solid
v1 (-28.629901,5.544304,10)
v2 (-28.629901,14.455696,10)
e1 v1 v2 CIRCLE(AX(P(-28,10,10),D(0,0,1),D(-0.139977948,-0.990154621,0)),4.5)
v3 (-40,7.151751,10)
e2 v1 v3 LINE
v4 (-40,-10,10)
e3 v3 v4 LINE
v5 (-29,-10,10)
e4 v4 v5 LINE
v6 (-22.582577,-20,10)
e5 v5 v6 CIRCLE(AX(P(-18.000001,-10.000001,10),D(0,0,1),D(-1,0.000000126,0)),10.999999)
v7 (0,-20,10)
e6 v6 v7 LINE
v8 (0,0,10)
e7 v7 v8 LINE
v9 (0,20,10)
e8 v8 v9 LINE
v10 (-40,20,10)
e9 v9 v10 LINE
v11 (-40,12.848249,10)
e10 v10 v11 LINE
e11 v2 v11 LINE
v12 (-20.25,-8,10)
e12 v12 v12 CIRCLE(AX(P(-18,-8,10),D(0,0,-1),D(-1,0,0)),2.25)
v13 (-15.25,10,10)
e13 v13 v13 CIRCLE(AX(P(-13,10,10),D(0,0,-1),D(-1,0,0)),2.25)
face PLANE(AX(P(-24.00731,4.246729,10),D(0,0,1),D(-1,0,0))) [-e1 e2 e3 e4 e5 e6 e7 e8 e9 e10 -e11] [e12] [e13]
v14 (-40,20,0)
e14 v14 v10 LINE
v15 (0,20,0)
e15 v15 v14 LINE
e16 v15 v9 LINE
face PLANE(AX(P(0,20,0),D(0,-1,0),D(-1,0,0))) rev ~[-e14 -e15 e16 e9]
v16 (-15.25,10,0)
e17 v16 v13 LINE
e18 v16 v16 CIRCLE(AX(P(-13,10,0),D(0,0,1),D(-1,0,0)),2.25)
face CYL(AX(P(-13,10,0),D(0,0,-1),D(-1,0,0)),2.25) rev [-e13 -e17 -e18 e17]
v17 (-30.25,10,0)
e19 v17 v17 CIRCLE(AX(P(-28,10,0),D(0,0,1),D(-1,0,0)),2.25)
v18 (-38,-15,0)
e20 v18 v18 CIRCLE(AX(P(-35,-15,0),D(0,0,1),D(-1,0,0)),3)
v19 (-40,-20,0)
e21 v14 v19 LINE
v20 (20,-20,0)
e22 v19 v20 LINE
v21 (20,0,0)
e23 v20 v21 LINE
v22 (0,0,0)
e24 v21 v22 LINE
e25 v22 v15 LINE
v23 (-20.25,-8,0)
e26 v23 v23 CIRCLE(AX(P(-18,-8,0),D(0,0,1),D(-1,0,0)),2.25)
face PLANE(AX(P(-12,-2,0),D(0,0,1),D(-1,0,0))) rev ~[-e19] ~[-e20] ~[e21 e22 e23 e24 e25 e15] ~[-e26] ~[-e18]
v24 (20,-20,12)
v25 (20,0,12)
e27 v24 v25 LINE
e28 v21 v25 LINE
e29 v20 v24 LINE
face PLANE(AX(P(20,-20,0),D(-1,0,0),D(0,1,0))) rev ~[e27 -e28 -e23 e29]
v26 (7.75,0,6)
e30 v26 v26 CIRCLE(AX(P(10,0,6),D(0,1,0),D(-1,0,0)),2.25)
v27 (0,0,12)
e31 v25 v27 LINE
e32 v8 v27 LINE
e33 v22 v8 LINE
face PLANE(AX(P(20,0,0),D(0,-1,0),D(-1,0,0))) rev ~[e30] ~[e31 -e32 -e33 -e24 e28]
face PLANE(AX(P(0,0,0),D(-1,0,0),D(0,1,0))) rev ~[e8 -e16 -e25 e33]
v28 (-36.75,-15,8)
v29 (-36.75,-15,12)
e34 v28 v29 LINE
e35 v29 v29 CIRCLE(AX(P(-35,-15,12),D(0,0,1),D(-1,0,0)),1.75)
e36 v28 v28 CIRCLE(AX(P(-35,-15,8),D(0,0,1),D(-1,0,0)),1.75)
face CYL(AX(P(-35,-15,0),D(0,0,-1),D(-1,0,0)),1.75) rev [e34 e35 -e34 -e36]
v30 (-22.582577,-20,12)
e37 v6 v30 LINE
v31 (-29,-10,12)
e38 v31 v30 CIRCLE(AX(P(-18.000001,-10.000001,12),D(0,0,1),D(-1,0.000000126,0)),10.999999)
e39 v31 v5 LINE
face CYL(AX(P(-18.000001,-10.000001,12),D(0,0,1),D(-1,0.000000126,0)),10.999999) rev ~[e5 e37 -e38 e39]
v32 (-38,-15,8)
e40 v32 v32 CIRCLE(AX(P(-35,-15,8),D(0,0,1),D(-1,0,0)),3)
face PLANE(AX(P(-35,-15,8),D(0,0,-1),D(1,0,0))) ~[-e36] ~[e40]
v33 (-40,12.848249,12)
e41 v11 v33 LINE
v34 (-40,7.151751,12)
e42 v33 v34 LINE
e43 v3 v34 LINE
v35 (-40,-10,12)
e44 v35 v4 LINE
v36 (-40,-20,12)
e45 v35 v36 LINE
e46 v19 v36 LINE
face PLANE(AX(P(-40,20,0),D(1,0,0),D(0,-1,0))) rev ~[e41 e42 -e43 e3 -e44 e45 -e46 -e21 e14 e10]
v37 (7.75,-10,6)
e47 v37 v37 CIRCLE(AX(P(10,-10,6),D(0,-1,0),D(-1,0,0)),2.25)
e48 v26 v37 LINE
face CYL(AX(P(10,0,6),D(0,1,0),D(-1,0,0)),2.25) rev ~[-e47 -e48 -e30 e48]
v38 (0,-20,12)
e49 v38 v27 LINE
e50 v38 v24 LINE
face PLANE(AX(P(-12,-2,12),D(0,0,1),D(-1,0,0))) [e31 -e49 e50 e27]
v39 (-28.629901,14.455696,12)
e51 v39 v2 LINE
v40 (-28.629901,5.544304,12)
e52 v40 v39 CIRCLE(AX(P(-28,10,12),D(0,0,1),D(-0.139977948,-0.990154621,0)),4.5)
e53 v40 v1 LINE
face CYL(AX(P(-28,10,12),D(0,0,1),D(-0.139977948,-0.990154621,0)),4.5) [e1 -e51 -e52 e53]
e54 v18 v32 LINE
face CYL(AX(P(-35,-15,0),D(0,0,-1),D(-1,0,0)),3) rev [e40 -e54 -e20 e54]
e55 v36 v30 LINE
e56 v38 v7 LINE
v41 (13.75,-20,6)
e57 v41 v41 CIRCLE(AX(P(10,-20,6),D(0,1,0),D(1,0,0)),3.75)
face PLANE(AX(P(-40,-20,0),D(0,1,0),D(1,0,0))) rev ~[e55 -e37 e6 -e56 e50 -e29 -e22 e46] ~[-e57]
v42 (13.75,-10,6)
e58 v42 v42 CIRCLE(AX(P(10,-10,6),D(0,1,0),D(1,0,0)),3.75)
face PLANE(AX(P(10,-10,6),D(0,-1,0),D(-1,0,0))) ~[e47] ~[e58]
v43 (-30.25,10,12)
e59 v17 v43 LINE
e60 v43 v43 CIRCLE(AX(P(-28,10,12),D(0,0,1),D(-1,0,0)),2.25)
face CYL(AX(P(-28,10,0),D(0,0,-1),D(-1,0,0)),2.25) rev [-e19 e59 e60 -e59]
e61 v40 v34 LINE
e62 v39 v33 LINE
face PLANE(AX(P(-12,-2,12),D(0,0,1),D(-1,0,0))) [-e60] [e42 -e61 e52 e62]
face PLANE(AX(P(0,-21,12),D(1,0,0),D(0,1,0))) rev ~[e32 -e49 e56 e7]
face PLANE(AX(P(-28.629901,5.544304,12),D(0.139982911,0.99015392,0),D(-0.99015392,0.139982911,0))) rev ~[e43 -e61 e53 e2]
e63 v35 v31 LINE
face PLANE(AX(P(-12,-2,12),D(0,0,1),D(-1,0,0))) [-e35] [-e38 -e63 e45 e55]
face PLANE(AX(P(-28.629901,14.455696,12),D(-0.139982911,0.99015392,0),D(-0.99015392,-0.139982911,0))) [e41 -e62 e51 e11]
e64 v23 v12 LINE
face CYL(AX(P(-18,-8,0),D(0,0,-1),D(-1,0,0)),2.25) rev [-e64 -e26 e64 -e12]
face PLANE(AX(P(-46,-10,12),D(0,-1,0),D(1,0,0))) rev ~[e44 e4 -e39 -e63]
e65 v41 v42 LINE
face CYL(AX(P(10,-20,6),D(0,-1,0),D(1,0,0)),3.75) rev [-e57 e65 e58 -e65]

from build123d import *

# Parameters (mm, degrees)
SKETCH_R                       = 2.25
SKETCH_R_2                     = 1.75
PAD_DEPTH                      = 12
POCKET_DEPTH                   = 2
SKETCH002_R                    = 2.25
POCKET002_DEPTH                = 20.001
PART_MIRRORING_PLACEMENT_ANGLE = 180
SKETCH003_R                    = 3
POCKET003_DEPTH                = 8
SKETCH004_R                    = 3.75
POCKET004_DEPTH                = 10


with BuildPart() as pocket002:
    # Sketch → Pad (new body)
    with BuildSketch(Plane.XY):
        Polygon((0, -20), (40, -20), (40, 20), (-20, 20), (-20, 0), (0, 0), align=None)
        with Locations((18, 8)):
            Circle(SKETCH_R, mode=Mode.SUBTRACT)
        with Locations((13, -10)):
            Circle(SKETCH_R, mode=Mode.SUBTRACT)
        with Locations((35, 15)):
            Circle(SKETCH_R_2, mode=Mode.SUBTRACT)
        with Locations((28, -10)):
            Circle(SKETCH_R, mode=Mode.SUBTRACT)
    extrude(amount=PAD_DEPTH)

    # Sketch001 → Pocket (cut)
    with BuildSketch(Plane.XY.offset(12)):
        with BuildLine():
            Line((46, 10), (29, 10))
            ThreePointArc((29, 10), (25.778175, 17.778175), (18, 21))
            Line((18, 21), (0, 21))
            Line((0, 21), (0, -23))
            Line((0, -23), (46, -23))
            Line((46, -23), (46, -12))
            Line((28.629901, -14.455696), (46, -12))
            ThreePointArc((28.629901, -5.544304), (23.5, -10), (28.629901, -14.455696))
            Line((28.629901, -5.544304), (46, -8))
            Line((46, -8), (46, 10))
        make_face()
    extrude(amount=-POCKET_DEPTH, mode=Mode.SUBTRACT)

    # Sketch002 → Pocket002 (cut, through all)
    with BuildSketch(Plane.XZ):
        with Locations((-10, 6)):
            Circle(SKETCH002_R)
    extrude(amount=-POCKET002_DEPTH, mode=Mode.SUBTRACT)


with BuildPart() as pocket004:
    # Part__Mirroring: instance of Pocket002
    add(pocket002.part.mirror(Plane(origin=(10, -0.411961, 0), x_dir=(0, 1, 0), z_dir=(0, 0, 1))))


with BuildPart() as pocket004_1:
    # Part__Mirroring placement: moved
    add(pocket004.part.rotate(Axis((0, 0, 0), (1, 0, 0)), PART_MIRRORING_PLACEMENT_ANGLE))

    # Sketch003 → Pocket003 (cut)
    with BuildSketch(Plane(origin=(0, 0, 0), x_dir=(1, 0, 0), z_dir=(0, 0, -1))):
        with Locations((35, 15)):
            Circle(SKETCH003_R)
    extrude(amount=-POCKET003_DEPTH, mode=Mode.SUBTRACT)

    # Sketch004 → Pocket004 (cut)
    with BuildSketch(Plane(origin=(0, -20, 0), x_dir=(-1, 0, 0), z_dir=(0, -1, 0))):
        with Locations((10, -6)):
            Circle(SKETCH004_R)
    extrude(amount=-POCKET004_DEPTH, mode=Mode.SUBTRACT)


with BuildPart() as part_mirroring001:
    # Part__Mirroring001: instance of Pocket004
    add(pocket004_1.part.mirror(Plane(origin=(0, 0, 0), x_dir=(0, -1, 0), z_dir=(1, 0, 0))))


solid = part_mirroring001.part
